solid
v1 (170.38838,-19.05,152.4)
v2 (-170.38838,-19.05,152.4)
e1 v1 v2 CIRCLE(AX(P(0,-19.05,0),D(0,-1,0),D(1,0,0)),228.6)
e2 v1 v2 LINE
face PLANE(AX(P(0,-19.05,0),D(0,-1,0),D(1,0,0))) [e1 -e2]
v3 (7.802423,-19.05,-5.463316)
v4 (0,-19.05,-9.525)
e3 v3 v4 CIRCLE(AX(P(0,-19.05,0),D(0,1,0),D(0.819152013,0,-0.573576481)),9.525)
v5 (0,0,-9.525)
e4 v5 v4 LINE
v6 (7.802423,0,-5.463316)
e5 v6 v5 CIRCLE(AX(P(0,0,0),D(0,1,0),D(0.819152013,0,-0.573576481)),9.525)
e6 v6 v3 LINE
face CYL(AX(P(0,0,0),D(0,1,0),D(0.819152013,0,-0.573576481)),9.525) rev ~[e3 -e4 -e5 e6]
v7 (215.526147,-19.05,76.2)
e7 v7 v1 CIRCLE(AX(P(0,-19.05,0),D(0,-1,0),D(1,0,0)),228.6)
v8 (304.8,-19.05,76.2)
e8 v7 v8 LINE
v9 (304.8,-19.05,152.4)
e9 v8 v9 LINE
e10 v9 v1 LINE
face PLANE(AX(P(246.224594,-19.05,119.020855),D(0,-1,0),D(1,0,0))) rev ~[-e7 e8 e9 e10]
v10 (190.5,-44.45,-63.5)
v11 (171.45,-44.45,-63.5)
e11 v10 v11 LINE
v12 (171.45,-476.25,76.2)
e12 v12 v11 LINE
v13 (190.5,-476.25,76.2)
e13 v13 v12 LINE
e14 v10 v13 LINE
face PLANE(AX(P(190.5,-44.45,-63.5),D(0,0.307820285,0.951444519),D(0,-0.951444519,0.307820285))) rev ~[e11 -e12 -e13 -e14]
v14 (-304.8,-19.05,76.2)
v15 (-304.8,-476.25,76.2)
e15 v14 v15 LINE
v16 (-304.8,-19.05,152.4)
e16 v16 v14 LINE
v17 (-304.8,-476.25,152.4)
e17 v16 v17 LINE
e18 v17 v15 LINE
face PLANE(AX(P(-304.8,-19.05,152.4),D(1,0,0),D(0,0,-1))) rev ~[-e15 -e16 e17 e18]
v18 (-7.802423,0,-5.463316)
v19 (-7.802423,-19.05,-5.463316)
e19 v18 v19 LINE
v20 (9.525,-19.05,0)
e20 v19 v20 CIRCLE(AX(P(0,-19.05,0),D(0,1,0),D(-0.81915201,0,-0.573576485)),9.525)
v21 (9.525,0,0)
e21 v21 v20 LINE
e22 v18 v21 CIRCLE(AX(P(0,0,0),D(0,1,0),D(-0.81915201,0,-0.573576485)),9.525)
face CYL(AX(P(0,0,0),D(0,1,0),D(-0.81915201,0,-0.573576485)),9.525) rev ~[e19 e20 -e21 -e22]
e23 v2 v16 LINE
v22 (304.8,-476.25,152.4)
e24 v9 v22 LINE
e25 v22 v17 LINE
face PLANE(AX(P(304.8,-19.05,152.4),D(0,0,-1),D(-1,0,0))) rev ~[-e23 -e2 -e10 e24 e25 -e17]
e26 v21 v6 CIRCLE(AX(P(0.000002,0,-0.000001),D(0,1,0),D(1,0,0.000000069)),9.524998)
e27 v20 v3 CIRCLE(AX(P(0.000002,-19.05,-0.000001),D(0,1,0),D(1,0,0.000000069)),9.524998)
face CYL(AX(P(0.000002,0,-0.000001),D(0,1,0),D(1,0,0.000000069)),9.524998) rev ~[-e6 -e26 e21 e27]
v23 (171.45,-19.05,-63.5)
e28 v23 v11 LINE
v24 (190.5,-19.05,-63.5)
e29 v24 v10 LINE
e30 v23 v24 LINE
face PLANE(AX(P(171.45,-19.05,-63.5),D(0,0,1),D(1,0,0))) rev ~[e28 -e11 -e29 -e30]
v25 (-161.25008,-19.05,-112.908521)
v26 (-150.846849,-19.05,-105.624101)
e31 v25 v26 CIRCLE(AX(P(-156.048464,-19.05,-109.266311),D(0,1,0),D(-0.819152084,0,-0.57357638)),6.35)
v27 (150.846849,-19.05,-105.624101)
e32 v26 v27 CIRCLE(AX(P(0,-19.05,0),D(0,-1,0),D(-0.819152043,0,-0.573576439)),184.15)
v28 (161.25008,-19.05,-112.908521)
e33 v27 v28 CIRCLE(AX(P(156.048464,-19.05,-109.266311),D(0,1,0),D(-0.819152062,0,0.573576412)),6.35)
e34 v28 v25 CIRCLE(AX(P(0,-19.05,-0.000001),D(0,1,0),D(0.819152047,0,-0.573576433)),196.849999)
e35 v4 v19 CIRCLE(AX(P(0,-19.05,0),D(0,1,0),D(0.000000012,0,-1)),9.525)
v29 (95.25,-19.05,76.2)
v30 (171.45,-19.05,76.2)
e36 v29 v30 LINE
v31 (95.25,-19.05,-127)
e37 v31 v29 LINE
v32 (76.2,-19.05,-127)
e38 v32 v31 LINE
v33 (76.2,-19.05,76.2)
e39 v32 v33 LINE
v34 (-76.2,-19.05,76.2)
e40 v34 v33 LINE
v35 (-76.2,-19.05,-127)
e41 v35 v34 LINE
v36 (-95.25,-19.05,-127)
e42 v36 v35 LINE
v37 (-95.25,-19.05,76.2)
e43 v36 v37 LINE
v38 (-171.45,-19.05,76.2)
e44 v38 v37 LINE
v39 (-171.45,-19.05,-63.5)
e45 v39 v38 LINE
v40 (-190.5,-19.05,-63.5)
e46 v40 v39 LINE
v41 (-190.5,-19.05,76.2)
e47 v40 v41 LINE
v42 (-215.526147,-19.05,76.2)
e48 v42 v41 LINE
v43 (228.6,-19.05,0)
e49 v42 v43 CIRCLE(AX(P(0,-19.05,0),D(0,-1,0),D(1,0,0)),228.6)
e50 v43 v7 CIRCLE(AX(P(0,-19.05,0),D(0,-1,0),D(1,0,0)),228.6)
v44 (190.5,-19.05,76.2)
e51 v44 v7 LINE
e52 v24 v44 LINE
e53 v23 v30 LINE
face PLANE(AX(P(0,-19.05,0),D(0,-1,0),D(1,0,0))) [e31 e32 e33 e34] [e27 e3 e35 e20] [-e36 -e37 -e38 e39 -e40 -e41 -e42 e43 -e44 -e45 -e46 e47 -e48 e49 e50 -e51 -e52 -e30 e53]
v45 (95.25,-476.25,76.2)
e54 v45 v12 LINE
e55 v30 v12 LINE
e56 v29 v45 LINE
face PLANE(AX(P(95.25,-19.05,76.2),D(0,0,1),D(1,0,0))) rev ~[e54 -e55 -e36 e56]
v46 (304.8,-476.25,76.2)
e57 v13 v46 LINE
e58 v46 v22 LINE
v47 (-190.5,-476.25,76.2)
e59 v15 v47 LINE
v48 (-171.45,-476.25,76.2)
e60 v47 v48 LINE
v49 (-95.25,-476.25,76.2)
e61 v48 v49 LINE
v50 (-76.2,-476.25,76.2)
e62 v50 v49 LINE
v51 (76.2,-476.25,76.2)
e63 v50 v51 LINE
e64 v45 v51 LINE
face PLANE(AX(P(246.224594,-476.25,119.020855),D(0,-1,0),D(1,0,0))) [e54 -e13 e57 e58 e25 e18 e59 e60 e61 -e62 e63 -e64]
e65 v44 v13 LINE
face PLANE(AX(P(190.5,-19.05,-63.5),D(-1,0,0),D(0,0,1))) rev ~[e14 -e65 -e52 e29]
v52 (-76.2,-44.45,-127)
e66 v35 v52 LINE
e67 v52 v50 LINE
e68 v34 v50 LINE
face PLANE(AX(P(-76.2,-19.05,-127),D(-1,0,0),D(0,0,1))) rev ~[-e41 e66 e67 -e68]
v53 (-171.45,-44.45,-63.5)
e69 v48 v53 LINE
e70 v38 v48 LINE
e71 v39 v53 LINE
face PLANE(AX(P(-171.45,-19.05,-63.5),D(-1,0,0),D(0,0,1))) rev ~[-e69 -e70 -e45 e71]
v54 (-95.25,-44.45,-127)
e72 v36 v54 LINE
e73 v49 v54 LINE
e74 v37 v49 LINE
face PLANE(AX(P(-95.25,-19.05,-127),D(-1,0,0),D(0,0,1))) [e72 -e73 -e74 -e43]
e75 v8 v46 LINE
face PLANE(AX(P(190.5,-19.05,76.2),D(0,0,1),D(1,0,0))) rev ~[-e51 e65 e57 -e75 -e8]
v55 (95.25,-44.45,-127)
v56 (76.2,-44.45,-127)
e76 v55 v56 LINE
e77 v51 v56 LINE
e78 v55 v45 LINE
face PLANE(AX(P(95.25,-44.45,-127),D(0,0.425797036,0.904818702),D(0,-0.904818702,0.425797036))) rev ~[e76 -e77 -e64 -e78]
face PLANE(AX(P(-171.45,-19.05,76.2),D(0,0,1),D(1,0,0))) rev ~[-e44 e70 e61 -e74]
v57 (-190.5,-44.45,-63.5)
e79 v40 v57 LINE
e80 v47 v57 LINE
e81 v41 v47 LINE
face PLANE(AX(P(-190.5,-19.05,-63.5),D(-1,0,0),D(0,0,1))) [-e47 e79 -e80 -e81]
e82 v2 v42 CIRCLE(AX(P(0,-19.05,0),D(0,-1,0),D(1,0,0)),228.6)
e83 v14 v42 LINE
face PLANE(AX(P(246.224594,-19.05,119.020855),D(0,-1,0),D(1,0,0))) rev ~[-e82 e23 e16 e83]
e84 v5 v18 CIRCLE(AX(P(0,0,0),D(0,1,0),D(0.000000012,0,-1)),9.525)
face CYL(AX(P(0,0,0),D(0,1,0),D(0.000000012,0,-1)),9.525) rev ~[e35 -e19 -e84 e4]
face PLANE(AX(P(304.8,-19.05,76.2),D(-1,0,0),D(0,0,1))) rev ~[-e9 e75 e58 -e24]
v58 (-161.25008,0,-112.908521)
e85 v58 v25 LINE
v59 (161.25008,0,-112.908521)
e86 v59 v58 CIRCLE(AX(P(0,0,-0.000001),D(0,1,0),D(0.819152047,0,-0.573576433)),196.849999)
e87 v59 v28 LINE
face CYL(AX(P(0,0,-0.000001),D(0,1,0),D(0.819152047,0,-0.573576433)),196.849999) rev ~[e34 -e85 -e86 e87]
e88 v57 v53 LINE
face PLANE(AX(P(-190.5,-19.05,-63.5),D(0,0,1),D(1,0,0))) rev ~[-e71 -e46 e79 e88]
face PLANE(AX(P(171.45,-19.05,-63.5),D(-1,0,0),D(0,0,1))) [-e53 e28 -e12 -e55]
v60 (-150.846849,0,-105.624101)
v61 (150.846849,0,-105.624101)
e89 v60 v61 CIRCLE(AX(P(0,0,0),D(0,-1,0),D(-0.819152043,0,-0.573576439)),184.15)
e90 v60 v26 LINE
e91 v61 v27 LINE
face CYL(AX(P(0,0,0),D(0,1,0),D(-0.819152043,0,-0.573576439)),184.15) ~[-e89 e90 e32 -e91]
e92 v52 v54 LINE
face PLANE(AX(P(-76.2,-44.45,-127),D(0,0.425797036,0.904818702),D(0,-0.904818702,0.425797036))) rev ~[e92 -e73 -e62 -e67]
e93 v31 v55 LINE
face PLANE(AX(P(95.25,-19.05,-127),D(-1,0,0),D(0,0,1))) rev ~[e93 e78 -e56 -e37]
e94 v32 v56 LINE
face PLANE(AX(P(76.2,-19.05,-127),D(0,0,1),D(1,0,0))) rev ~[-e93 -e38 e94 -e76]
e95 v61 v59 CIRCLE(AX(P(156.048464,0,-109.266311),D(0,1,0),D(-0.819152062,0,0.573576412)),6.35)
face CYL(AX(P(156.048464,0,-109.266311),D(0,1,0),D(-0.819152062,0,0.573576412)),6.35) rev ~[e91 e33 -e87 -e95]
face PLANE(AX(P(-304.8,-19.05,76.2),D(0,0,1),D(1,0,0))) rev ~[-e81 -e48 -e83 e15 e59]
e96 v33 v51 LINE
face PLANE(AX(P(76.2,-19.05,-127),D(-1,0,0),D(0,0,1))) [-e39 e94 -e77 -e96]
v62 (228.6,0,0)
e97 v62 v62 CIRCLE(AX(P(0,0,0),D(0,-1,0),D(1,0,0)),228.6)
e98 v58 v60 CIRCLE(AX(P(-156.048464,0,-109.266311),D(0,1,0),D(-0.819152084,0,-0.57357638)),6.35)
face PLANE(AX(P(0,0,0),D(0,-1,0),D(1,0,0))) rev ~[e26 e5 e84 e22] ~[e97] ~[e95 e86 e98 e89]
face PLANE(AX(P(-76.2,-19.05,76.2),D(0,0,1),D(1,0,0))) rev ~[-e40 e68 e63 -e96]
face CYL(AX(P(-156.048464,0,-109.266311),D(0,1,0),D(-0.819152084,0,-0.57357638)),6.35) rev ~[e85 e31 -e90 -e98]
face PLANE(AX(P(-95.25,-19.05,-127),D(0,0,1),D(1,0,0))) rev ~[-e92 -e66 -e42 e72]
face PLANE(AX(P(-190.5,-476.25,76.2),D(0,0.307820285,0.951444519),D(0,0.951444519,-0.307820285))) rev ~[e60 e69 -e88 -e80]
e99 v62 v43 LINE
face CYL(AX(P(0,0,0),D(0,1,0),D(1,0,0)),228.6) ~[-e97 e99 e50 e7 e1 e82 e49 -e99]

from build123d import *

# Parameters (mm, degrees)
F0_R      = 228.6
F1_DEPTH  = 19.05
F2_W      = 19.05
F2_H      = 139.7
F2_H_2    = 203.2
F3_DEPTH  = 457.2
F5_DEPTH  = 25.4
F7_DEPTH  = 25.4
F9_DEPTH  = 25.4
F11_DEPTH = 25.4


with BuildPart() as f1:
    # F0 (on Front) → F1 (new body)
    with BuildSketch(Plane.XZ):
        Circle(F0_R)
        with BuildLine():
            ThreePointArc((161.25008, -112.908521), (0, -196.85), (-161.25008, -112.908521))
            ThreePointArc((-161.25008, -112.908521), (-159.690675, -104.064696), (-150.846849, -105.624101))
            ThreePointArc((-150.846849, -105.624101), (0, -184.15), (150.846849, -105.624101))
            ThreePointArc((150.846849, -105.624101), (159.690675, -104.064696), (161.25008, -112.908521))
        make_face(mode=Mode.SUBTRACT)
        with BuildLine():
            ThreePointArc((-7.802423, -5.463316), (-2.864223, 9.084154), (9.525, 0))
            ThreePointArc((9.525, 0), (9.084154, -2.864223), (7.802423, -5.463316))
            ThreePointArc((7.802423, -5.463316), (4.398156, -8.448778), (0, -9.525))
            ThreePointArc((0, -9.525), (-4.398156, -8.448778), (-7.802423, -5.463316))
        make_face(mode=Mode.SUBTRACT)
    extrude(amount=F1_DEPTH)

    # F2 (on face) → F3 (join)
    with BuildSketch(Plane.XZ.offset(19.05)):
        with BuildLine():
            Line((304.8, 152.4), (170.38838, 152.4))
            ThreePointArc((170.38838, 152.4), (196.682779, 116.506843), (215.526147, 76.2))
            Line((215.526147, 76.2), (304.8, 76.2))
            Line((304.8, 76.2), (304.8, 152.4))
        make_face()
        with BuildLine():
            Line((170.38838, 152.4), (-170.38838, 152.4))
            ThreePointArc((-170.38838, 152.4), (-196.682779, 116.506843), (-215.526147, 76.2))
            Line((-215.526147, 76.2), (-190.5, 76.2))
            Line((-190.5, 76.2), (-171.45, 76.2))
            Line((-171.45, 76.2), (-95.25, 76.2))
            Line((-95.25, 76.2), (-76.2, 76.2))
            Line((-76.2, 76.2), (76.2, 76.2))
            Line((76.2, 76.2), (95.25, 76.2))
            Line((95.25, 76.2), (171.45, 76.2))
            Line((171.45, 76.2), (190.5, 76.2))
            Line((190.5, 76.2), (215.526147, 76.2))
            ThreePointArc((215.526147, 76.2), (196.682779, 116.506843), (170.38838, 152.4))
        make_face()
        with BuildLine():
            Line((-170.38838, 152.4), (-304.8, 152.4))
            Line((-304.8, 152.4), (-304.8, 76.2))
            Line((-304.8, 76.2), (-215.526147, 76.2))
            ThreePointArc((-215.526147, 76.2), (-196.682779, 116.506843), (-170.38838, 152.4))
        make_face()
        with Locations((-180.975, 6.35)):
            Rectangle(F2_W, F2_H)
        with Locations((-85.725, -25.4)):
            Rectangle(F2_W, F2_H_2)
        with Locations((85.725, -25.4)):
            Rectangle(F2_W, F2_H_2)
        with Locations((180.975, 6.35)):
            Rectangle(F2_W, F2_H)
    extrude(amount=F3_DEPTH)

    # F4 (on face) → F5 (cut)
    with BuildSketch(Plane.YZ.offset(190.5)):
        Polygon((-44.45, -63.5), (-476.25, 76.2), (-476.25, -63.5), align=None)
    extrude(amount=-F5_DEPTH, mode=Mode.SUBTRACT)

    # F6 (on face) → F7 (cut)
    with BuildSketch(Plane.YZ.offset(95.25)):
        Polygon((-44.45, -127), (-476.25, 76.2), (-476.25, -127), align=None)
    extrude(amount=-F7_DEPTH, mode=Mode.SUBTRACT)

    # F8 (on face) → F9 (cut)
    with BuildSketch(Plane.YZ.offset(-76.2)):
        Polygon((-44.45, -127), (-476.25, 76.2), (-476.25, -127), align=None)
    extrude(amount=-F9_DEPTH, mode=Mode.SUBTRACT)

    # F10 (on face) → F11 (cut)
    with BuildSketch(Plane(origin=(-190.5, 0, 0), x_dir=(0, -1, 0), z_dir=(-1, 0, 0))):
        Polygon((476.25, -63.5), (476.25, 76.2), (44.45, -63.5), align=None)
    extrude(amount=-F11_DEPTH, mode=Mode.SUBTRACT)


solid = f1.part
